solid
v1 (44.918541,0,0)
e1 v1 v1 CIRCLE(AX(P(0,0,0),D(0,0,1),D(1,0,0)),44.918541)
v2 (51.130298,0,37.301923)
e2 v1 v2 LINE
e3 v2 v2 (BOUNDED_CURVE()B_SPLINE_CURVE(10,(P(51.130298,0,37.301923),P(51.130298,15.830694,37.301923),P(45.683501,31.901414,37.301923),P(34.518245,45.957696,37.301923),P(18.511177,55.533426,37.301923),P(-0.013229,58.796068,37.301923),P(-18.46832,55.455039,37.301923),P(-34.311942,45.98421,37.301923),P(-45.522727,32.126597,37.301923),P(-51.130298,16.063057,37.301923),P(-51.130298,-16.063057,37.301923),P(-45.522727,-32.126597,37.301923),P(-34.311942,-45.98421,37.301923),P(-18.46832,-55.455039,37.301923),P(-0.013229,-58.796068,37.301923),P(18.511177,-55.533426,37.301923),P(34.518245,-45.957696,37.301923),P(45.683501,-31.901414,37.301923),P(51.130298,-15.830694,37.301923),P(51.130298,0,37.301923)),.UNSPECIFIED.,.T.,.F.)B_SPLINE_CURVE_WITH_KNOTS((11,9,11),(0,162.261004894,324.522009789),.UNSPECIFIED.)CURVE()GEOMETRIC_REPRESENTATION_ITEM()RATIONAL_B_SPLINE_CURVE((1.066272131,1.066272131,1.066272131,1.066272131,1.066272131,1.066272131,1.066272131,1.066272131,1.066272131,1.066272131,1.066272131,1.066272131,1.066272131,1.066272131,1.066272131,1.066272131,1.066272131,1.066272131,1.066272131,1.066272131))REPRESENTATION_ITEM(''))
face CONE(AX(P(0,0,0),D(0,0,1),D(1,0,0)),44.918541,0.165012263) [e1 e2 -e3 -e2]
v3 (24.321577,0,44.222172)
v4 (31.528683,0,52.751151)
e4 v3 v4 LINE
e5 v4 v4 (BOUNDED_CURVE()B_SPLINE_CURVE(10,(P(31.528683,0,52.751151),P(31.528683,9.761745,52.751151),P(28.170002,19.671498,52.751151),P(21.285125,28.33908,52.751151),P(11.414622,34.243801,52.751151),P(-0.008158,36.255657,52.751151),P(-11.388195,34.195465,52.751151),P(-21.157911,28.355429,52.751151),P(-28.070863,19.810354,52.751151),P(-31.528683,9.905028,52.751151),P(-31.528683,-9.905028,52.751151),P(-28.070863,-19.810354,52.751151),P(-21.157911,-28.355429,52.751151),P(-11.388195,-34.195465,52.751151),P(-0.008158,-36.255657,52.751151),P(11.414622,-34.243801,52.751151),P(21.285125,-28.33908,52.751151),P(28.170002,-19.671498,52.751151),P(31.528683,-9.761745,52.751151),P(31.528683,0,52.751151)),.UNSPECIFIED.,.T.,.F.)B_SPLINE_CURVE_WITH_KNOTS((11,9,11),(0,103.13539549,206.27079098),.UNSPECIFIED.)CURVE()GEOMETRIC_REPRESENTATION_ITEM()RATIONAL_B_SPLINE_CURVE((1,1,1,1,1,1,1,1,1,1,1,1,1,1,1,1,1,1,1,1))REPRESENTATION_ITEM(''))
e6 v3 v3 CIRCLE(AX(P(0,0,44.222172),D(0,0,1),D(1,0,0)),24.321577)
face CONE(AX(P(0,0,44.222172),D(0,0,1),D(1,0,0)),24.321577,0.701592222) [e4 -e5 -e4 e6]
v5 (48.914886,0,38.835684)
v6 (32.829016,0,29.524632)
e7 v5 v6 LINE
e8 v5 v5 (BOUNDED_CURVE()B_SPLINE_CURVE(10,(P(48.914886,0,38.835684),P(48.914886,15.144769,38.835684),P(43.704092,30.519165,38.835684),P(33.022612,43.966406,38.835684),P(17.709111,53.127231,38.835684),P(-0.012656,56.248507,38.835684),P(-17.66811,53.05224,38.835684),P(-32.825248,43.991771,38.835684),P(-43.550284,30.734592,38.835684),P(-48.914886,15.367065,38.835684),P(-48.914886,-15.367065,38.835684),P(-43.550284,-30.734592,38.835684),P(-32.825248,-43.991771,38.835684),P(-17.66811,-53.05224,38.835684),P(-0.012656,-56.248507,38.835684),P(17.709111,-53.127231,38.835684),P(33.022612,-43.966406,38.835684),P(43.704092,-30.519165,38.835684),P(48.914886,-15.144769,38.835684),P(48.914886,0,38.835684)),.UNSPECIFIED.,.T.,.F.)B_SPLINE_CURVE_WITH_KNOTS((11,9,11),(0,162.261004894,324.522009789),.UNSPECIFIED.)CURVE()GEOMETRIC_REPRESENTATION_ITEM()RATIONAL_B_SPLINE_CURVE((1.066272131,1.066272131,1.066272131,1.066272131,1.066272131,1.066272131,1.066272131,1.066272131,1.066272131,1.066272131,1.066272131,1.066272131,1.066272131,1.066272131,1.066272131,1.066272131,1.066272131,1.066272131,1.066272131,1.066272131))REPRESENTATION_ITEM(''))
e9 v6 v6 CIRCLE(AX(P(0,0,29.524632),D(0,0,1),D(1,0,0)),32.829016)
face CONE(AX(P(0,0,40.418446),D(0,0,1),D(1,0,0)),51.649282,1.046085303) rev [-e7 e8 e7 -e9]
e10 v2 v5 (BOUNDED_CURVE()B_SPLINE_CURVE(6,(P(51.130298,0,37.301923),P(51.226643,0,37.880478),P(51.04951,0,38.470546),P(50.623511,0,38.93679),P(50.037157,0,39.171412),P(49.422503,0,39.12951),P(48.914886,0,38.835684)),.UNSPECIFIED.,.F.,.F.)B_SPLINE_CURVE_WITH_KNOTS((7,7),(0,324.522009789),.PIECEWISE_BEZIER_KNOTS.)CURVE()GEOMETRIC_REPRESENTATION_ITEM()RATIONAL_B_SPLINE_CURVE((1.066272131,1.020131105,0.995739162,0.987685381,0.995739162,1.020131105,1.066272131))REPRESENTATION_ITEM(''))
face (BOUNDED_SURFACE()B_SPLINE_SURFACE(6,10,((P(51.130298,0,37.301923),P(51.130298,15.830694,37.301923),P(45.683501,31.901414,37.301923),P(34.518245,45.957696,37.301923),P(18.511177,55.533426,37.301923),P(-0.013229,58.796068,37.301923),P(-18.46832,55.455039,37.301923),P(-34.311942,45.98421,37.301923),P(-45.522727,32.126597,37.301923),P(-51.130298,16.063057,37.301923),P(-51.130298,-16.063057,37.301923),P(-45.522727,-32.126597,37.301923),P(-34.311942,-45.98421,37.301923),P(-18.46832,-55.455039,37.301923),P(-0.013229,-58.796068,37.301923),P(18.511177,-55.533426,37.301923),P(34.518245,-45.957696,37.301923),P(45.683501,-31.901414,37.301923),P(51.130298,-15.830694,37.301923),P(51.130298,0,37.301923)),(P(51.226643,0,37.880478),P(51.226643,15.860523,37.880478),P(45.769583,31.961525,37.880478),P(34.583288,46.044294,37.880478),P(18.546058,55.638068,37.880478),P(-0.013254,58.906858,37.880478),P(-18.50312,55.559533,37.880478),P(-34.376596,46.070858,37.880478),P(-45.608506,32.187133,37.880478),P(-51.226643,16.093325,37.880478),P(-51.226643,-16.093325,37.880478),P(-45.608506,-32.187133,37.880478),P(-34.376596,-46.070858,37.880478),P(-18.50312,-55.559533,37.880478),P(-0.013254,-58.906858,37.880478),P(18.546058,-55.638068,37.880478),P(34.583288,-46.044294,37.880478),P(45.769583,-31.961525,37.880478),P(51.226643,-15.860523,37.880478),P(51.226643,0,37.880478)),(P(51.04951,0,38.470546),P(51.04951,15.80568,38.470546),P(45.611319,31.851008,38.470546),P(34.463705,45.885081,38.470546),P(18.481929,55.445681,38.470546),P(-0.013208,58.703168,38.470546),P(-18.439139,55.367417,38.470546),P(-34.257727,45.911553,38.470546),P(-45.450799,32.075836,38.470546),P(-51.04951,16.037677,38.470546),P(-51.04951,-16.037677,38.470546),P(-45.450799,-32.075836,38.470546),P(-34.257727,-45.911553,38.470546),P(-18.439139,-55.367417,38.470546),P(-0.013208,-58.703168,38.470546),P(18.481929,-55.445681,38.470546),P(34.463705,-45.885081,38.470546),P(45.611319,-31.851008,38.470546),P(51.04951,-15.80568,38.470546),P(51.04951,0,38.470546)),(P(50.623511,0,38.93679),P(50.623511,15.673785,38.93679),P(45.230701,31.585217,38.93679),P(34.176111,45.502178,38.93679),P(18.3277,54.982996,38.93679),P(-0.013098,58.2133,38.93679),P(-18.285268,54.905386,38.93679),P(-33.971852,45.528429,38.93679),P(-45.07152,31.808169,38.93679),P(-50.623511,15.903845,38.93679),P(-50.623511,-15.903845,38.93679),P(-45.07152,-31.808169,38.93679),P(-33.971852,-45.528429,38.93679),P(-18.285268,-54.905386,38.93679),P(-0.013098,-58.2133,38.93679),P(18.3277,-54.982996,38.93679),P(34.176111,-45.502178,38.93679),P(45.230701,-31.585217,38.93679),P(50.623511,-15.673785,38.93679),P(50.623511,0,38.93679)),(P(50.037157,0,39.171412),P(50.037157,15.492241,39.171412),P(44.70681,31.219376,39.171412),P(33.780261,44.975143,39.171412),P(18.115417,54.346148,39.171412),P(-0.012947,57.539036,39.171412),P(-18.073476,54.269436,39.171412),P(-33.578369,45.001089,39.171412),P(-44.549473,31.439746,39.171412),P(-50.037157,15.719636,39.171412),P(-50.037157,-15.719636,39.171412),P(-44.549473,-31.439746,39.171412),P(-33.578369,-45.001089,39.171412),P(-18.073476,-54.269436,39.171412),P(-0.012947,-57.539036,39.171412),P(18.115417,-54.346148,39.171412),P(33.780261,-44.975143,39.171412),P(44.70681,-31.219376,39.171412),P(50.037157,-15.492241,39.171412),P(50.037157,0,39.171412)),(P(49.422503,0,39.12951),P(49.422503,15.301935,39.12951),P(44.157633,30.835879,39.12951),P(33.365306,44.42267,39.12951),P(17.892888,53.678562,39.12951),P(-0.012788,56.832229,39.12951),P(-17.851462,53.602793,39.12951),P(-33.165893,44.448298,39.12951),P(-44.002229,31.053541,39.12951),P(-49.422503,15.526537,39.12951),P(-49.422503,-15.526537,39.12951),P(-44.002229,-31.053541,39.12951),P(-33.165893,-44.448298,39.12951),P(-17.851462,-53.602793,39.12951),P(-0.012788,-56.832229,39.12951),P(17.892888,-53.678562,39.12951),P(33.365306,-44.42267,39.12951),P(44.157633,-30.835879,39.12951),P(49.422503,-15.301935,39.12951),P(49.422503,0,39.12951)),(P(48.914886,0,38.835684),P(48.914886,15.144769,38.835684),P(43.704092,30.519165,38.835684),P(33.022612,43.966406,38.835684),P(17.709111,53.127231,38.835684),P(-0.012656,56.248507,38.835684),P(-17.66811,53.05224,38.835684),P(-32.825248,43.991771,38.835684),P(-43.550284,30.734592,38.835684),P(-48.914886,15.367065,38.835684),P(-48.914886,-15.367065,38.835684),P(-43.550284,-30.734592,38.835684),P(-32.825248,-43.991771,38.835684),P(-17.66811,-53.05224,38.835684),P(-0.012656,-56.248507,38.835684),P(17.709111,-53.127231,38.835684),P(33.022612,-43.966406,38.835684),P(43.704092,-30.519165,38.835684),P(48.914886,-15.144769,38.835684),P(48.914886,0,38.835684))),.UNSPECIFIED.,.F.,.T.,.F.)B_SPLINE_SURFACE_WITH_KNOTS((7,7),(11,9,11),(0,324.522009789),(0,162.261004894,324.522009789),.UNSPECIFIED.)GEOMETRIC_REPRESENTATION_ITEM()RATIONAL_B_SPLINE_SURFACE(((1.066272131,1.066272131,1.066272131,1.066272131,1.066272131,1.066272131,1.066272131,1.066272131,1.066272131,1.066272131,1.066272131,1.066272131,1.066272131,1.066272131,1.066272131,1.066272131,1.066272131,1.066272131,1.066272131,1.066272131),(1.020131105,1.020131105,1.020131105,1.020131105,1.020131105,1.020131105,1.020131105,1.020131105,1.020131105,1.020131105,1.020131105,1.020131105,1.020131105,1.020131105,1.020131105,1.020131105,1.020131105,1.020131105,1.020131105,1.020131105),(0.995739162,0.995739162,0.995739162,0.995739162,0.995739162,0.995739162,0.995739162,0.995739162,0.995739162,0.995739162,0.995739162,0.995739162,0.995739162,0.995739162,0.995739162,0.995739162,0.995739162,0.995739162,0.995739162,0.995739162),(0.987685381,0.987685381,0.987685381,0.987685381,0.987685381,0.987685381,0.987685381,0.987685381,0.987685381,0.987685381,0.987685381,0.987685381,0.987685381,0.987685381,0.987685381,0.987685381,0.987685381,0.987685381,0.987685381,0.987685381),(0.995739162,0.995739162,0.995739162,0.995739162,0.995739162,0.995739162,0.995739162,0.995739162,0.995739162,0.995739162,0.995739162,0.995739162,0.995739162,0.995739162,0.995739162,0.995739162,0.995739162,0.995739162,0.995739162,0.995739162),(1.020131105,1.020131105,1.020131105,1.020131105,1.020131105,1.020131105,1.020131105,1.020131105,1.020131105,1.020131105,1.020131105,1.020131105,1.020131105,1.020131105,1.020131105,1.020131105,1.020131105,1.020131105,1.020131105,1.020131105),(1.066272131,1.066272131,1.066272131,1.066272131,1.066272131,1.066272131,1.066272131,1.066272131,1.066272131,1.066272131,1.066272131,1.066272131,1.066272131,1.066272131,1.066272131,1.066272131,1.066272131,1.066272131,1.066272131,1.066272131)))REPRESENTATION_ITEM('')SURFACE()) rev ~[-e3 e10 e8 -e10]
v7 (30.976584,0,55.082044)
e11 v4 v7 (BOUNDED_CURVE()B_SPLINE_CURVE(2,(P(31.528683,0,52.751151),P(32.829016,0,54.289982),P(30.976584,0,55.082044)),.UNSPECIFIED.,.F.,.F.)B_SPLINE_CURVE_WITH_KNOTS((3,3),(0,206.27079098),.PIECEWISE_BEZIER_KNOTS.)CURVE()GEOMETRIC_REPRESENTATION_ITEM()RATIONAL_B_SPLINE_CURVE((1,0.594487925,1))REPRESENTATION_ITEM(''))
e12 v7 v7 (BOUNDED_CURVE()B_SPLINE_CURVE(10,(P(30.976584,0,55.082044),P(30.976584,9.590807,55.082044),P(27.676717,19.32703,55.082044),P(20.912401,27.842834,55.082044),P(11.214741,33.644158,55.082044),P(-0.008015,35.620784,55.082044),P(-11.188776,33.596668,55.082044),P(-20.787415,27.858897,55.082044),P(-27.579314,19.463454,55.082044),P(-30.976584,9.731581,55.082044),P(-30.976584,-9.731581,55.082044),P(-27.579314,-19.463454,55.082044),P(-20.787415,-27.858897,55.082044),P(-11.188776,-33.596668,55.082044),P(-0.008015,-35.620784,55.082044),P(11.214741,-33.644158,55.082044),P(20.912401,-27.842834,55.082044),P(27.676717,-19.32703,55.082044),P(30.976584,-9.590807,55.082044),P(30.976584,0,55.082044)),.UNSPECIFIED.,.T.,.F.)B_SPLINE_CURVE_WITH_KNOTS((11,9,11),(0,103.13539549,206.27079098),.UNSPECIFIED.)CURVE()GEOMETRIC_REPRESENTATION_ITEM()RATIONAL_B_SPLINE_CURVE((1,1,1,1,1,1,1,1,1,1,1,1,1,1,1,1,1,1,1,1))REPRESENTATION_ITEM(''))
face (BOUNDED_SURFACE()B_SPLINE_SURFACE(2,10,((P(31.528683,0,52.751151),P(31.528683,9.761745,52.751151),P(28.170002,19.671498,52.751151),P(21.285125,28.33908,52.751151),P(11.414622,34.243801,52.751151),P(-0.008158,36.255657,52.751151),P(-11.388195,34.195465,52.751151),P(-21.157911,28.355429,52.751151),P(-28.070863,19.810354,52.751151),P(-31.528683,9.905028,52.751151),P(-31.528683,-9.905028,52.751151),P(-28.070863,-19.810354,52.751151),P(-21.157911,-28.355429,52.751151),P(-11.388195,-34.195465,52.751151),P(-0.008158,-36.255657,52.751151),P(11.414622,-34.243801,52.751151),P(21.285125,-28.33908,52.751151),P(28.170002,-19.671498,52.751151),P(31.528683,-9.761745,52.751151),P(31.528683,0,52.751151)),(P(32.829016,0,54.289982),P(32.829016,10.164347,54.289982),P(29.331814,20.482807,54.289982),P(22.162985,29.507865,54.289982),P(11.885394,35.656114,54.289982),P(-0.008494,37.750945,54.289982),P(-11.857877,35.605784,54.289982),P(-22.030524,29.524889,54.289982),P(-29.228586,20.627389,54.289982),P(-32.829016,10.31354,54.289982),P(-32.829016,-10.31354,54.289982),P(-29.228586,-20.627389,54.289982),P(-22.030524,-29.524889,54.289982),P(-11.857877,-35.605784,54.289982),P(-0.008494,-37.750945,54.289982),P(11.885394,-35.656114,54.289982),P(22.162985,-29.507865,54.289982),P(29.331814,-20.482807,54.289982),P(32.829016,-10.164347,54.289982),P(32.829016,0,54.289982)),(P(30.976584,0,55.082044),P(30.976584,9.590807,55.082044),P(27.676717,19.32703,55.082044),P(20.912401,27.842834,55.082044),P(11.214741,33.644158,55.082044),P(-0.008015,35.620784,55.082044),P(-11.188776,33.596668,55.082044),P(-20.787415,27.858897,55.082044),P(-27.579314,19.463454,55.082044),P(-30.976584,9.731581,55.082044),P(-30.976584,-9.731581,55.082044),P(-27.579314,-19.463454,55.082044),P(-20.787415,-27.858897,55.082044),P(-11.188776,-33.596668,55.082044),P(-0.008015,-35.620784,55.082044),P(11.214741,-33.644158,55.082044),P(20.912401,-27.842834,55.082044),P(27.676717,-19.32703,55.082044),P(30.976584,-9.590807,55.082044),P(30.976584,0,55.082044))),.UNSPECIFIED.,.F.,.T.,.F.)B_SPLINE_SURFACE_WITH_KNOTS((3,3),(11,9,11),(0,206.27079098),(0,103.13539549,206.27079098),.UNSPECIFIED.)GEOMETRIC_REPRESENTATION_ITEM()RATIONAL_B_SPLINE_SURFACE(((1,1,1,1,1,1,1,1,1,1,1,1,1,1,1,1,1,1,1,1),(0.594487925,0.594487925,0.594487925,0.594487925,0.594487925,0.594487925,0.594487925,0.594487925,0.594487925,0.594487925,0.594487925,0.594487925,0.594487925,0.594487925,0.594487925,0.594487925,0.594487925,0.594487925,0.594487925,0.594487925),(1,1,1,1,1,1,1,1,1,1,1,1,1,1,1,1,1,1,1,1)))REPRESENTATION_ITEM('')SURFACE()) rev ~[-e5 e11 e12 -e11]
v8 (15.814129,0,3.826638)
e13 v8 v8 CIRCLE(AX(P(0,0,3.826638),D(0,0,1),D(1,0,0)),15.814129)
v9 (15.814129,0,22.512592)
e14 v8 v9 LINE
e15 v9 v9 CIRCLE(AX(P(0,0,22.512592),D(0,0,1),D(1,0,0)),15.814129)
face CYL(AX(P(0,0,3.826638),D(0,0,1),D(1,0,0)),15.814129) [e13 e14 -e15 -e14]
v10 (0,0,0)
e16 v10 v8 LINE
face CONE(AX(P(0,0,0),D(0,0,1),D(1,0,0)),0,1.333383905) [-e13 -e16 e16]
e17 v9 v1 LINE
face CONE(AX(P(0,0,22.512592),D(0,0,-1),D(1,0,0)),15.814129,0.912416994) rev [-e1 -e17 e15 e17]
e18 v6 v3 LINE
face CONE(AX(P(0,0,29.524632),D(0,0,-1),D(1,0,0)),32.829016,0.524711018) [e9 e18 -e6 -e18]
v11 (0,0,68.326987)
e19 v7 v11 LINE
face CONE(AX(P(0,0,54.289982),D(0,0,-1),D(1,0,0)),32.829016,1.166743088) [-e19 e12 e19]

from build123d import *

# Parameters (mm, degrees)
F2_R = 1.489474


with BuildPart() as f1:
    # F0 (on Front) → F1 (revolve)
    with BuildSketch(Plane.XZ):
        Polygon((0, 68.326987), (0, 0), (15.814129, 3.826638), (15.814129, 22.512592), (44.918541, 0), (51.649282, 40.418446), (32.829016, 29.524632), (24.321577, 44.222172), (32.829016, 54.289982), align=None)
    revolve(axis=Axis((0, 0, 34.163494), (0, 0, 1)))

    # F2
    f2_edges = [f1.edges().sort_by_distance(p)[0] for p in [
        (-51.649282, 0, 40.418446),
        (-32.829016, 0, 54.289982),
    ]]
    fillet(f2_edges, radius=F2_R)


solid = f1.part
